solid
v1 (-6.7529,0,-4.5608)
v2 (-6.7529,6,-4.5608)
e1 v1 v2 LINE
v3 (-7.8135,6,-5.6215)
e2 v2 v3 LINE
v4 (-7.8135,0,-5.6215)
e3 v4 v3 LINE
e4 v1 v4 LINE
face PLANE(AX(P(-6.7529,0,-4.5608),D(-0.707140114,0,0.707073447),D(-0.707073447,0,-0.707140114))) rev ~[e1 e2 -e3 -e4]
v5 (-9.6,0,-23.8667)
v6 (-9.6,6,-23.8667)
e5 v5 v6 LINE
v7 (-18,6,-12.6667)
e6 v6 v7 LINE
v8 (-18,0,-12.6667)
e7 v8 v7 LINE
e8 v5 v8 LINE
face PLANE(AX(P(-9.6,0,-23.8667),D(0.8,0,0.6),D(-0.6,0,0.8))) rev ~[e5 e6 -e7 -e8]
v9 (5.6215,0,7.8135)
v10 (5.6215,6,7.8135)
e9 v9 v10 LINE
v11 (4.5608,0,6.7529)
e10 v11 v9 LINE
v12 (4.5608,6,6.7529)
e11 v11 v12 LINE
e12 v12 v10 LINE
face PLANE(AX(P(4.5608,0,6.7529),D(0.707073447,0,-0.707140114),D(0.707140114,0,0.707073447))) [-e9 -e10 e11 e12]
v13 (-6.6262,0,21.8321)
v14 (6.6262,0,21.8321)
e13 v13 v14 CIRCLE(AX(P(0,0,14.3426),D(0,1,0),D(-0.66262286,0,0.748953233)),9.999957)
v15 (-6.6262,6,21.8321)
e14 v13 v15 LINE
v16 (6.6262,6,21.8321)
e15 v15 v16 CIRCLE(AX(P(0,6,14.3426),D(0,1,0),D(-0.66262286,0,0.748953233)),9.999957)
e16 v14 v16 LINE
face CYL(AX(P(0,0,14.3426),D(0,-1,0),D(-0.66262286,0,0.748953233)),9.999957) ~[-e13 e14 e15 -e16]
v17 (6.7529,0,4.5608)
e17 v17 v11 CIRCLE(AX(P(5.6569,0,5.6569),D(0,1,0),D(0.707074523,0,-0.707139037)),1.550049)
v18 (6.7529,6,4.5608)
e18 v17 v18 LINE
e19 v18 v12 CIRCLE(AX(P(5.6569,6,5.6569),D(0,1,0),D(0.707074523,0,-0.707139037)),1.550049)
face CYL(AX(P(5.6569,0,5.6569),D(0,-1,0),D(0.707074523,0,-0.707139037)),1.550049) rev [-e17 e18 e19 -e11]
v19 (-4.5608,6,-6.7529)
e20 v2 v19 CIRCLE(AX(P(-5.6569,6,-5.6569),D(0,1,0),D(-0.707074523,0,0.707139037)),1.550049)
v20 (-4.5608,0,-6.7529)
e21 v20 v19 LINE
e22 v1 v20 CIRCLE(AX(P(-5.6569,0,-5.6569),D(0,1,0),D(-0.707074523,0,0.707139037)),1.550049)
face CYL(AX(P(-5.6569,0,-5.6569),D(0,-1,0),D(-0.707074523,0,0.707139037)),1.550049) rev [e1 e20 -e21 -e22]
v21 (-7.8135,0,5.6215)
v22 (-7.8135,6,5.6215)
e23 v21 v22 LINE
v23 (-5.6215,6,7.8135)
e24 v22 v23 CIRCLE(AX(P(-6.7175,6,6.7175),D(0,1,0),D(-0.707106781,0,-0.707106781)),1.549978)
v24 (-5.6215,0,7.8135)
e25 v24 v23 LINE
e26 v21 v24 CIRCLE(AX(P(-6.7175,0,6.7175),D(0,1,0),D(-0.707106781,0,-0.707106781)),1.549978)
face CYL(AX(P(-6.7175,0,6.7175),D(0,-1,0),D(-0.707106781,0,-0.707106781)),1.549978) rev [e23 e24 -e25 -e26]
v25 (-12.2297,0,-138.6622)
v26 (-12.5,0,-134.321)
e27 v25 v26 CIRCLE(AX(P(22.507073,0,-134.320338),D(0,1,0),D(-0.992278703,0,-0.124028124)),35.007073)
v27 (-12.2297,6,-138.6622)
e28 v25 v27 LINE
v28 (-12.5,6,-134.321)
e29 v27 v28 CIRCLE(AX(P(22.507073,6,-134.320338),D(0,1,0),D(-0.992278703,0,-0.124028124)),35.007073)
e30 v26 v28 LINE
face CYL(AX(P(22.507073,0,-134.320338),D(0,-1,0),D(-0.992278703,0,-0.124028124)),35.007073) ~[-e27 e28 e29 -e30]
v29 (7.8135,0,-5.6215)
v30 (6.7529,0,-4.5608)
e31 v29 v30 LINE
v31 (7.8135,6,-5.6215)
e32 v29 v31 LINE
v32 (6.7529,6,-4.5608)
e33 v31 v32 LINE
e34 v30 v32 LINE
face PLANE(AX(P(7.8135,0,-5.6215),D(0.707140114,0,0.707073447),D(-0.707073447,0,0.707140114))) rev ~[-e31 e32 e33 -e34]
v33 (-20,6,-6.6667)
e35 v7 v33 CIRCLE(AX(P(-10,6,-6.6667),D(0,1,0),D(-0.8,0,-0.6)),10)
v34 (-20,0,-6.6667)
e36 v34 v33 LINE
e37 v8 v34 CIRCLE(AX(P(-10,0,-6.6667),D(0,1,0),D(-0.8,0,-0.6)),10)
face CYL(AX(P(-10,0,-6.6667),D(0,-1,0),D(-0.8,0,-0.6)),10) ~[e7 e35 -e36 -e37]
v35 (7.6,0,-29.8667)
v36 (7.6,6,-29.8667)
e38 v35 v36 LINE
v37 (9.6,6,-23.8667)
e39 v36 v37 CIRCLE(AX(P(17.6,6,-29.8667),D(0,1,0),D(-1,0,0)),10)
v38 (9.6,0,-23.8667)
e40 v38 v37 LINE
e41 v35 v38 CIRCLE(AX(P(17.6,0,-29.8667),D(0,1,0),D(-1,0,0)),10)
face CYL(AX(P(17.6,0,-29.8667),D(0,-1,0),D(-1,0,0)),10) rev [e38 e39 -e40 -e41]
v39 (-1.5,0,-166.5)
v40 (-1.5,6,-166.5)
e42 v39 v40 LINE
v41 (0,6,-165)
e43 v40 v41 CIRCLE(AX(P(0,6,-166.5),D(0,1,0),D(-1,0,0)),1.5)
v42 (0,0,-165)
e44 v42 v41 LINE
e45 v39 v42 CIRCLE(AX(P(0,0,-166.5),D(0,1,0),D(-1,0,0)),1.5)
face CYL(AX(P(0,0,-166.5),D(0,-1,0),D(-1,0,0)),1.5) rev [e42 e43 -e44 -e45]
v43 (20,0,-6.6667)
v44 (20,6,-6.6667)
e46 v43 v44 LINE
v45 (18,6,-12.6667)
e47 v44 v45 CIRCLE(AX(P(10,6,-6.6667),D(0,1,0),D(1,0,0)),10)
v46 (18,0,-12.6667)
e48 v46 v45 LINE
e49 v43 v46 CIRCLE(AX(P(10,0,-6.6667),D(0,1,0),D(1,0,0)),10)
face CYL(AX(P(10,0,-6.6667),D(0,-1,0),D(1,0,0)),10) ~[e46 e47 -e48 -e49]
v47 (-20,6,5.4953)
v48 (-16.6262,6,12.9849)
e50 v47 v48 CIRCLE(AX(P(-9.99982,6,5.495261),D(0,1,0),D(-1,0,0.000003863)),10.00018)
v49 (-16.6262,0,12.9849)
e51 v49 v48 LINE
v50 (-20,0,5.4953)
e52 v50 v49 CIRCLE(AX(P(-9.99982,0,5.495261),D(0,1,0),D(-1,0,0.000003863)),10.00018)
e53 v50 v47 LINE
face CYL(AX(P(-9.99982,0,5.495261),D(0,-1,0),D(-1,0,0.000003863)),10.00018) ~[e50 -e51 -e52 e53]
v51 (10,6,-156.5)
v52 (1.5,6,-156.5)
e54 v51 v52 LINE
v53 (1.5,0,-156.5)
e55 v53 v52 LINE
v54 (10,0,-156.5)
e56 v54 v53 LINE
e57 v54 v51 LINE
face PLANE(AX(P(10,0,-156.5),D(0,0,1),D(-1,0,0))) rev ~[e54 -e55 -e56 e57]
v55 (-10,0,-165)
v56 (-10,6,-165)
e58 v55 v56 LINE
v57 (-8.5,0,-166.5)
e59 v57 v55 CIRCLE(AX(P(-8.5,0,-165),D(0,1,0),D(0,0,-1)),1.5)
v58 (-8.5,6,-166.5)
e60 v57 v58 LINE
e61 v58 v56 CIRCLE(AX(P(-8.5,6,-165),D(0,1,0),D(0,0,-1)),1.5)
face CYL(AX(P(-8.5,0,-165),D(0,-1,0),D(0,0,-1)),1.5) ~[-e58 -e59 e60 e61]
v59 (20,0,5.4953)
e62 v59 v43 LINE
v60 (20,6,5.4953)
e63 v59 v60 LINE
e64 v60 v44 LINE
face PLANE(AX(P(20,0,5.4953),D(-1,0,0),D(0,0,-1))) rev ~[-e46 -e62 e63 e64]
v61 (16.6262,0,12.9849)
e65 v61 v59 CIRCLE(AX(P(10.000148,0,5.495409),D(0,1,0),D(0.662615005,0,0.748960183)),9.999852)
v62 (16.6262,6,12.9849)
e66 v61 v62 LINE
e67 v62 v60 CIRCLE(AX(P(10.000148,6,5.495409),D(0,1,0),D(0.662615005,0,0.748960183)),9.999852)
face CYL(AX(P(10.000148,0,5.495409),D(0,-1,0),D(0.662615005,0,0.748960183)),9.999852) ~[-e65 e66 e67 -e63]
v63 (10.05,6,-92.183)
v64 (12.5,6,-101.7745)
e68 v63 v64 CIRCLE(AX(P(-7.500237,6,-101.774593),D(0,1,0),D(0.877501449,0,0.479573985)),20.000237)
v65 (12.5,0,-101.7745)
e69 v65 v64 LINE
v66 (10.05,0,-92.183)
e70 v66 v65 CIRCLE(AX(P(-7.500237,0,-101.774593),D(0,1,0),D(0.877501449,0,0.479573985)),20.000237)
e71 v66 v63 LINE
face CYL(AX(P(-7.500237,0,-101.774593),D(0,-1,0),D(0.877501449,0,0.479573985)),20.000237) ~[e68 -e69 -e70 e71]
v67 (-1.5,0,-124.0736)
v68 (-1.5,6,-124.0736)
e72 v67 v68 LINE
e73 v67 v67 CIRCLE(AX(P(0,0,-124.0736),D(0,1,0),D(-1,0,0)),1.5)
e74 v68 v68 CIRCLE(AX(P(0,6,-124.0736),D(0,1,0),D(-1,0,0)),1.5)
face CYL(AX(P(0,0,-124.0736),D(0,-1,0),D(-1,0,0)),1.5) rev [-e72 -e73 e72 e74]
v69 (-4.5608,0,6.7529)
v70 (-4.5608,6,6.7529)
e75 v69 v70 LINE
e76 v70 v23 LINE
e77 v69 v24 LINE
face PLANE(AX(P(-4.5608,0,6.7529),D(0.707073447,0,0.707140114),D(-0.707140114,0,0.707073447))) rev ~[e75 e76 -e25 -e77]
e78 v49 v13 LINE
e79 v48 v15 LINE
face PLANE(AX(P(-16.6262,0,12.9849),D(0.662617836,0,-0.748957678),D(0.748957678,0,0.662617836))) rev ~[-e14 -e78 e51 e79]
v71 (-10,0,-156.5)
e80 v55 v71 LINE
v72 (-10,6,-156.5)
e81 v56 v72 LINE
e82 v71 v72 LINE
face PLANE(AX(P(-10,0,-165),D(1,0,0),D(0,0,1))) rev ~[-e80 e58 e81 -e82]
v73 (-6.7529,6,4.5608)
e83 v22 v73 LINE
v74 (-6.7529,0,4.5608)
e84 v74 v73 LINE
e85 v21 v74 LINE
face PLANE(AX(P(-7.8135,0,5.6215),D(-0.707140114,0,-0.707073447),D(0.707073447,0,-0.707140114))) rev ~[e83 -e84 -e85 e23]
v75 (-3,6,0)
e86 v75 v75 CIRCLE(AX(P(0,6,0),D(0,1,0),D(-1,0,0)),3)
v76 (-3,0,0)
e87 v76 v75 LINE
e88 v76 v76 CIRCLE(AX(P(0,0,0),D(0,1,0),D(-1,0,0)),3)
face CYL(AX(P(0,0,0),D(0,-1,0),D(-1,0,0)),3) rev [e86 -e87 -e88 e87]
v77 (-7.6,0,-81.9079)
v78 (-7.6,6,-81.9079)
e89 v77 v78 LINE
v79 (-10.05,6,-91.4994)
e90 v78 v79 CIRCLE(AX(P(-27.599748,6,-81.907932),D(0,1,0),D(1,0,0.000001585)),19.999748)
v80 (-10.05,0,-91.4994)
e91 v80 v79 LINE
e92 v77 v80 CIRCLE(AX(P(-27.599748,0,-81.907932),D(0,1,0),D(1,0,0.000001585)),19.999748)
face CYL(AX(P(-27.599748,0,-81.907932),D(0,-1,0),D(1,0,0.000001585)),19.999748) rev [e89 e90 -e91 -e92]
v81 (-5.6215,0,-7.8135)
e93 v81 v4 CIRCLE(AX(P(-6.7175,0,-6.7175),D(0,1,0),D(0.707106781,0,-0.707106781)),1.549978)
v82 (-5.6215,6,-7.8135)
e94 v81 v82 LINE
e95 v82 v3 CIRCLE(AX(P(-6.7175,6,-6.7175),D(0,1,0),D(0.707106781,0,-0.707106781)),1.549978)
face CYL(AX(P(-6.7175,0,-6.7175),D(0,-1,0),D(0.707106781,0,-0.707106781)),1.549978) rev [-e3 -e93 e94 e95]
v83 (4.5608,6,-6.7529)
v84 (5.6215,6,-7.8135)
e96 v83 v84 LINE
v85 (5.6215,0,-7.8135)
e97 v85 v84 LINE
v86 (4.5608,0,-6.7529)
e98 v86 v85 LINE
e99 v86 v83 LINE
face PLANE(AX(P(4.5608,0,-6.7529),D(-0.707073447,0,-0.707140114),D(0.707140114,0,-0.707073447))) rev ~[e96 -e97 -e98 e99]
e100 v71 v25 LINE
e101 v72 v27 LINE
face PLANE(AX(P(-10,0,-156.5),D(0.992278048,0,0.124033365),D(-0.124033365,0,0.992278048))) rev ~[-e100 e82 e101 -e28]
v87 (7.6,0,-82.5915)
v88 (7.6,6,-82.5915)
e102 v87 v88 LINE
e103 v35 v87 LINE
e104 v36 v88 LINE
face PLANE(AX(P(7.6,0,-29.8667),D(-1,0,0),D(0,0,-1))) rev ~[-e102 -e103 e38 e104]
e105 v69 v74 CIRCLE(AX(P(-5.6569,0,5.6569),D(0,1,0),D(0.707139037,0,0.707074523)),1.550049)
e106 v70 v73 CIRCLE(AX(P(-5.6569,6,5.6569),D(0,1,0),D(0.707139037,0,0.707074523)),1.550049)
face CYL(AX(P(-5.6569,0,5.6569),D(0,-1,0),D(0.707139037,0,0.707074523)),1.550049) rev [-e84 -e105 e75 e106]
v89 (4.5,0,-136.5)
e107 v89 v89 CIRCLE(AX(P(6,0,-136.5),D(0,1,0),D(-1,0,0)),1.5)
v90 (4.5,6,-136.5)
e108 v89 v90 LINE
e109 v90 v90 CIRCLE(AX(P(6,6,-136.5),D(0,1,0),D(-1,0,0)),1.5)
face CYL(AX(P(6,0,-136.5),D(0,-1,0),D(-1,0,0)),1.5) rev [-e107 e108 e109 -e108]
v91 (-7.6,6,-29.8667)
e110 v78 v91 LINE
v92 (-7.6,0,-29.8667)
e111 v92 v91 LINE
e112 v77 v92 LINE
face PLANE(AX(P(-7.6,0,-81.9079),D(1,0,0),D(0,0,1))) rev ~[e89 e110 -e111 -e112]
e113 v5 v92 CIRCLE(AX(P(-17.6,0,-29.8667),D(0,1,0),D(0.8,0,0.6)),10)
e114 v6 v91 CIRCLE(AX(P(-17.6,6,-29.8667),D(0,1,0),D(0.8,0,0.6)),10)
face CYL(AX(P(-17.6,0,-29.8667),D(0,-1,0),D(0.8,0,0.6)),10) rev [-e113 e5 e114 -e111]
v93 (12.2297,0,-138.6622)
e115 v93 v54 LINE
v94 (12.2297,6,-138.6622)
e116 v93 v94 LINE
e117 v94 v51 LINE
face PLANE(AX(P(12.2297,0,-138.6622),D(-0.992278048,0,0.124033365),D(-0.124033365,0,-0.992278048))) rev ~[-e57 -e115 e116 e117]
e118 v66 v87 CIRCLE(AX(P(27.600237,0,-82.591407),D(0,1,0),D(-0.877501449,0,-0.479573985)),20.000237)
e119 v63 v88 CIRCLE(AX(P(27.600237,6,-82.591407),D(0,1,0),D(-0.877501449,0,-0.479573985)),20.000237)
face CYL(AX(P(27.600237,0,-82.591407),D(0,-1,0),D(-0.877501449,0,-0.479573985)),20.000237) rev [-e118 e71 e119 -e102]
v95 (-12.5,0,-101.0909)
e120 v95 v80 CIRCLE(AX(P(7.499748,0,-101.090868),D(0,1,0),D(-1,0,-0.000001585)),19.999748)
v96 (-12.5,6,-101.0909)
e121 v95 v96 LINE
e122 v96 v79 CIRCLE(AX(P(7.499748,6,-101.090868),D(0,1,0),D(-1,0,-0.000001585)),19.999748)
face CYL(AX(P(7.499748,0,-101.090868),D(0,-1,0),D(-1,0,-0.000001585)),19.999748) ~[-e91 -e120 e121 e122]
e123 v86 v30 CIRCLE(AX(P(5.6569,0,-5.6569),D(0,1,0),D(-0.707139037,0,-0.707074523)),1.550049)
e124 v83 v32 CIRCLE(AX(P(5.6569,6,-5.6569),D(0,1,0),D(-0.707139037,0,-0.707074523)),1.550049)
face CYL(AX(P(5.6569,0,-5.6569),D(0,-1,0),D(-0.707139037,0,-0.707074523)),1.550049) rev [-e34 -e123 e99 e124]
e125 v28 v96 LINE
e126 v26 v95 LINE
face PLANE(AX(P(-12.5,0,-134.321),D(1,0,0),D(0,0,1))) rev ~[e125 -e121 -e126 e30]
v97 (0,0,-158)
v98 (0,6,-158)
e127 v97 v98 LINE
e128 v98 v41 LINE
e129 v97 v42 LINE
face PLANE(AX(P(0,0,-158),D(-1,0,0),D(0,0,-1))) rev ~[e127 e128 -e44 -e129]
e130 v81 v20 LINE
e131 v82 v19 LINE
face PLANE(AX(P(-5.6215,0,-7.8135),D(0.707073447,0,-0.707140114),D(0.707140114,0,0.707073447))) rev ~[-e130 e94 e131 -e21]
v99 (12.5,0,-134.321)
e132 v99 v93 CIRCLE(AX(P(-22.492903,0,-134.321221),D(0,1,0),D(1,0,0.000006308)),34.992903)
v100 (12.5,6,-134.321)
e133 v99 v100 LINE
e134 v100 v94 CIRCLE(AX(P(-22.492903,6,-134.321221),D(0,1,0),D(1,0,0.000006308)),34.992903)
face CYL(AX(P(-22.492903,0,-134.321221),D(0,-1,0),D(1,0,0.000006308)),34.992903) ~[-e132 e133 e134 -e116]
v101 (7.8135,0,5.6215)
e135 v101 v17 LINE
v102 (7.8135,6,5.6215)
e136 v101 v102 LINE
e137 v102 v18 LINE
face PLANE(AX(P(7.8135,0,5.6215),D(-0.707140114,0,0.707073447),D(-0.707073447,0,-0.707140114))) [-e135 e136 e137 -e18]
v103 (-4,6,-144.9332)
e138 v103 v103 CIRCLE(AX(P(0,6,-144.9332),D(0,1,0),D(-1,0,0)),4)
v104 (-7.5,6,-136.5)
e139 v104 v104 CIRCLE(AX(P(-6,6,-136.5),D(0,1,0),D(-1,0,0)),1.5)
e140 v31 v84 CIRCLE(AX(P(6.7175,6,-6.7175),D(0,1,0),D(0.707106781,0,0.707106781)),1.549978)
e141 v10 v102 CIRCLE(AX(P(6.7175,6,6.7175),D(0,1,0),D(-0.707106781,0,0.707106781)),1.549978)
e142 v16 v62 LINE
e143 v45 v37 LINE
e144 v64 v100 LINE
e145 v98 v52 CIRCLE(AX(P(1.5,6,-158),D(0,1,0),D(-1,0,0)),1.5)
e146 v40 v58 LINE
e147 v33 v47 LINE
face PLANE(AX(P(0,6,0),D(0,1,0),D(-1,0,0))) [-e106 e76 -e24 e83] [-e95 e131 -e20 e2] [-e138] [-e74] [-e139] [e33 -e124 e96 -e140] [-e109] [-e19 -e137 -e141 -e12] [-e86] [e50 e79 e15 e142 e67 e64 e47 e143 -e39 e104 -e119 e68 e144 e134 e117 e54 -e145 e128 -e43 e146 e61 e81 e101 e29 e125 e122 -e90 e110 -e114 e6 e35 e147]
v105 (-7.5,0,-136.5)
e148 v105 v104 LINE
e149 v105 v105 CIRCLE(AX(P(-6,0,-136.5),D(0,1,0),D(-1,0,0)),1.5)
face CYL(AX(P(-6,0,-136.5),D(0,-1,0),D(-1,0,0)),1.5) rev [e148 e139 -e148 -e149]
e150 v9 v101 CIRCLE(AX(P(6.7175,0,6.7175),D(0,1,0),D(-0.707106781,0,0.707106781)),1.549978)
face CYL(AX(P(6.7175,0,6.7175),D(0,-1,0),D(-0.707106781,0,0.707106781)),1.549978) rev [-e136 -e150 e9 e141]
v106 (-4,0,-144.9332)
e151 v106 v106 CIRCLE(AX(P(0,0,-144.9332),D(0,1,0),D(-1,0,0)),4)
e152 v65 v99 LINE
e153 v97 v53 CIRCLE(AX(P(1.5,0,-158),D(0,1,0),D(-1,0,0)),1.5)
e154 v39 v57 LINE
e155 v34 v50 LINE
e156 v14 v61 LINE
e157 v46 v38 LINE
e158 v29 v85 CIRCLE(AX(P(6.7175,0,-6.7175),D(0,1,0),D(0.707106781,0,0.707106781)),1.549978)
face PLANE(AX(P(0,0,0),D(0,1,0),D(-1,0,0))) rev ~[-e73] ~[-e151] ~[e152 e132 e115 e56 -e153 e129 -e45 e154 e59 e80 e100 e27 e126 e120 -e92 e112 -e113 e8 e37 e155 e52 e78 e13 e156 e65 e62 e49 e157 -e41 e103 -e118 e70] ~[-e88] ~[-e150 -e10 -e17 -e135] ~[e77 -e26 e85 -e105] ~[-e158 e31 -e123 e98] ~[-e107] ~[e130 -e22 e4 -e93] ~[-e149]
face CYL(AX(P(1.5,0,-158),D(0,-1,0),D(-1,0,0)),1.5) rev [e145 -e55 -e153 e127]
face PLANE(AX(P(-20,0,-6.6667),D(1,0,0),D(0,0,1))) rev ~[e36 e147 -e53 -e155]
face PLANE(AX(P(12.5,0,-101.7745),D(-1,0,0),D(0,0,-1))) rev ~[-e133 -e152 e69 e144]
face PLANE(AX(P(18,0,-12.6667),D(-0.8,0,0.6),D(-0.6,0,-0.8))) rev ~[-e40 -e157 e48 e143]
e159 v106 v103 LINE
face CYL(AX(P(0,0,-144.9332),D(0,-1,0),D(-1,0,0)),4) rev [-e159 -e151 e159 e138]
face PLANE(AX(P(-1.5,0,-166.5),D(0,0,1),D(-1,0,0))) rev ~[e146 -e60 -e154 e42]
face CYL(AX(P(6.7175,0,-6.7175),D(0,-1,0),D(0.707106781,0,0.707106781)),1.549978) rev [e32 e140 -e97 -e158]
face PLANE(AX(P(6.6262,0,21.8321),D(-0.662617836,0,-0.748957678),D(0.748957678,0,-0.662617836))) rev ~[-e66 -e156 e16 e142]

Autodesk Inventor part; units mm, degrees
ref_plane "YZ Plane" through (0, 0, 0) normal (1, 0, 0) x (0, 1, 0)
ref_plane "XZ Plane" through (0, 0, 0) normal (0, 1, 0) x (-1, 0, 0)
ref_plane "XY Plane" through (0, 0, 0) normal (0, 0, 1) x (1, 0, 0)
sketch "Sketch1" plane through (0, 0, 0) normal (0, 1, 0) x (-1, 0, 0)
  line L0 (0, -158) -> (0, -165)
  arc A0 (1.5, -166.5) -> (0, -165) centre (0, -166.5) ccw
  line L1 (1.5, -166.5) -> (8.5, -166.5)
  arc A1 (8.5, -166.5) -> (10, -165) centre (8.5, -165) ccw
  line L2 (10, -165) -> (10, -156.5)
  line L3 (10, -156.5) -> (12.2297, -138.6622)
  arc A2 (12.2297, -138.6622) -> (12.5, -134.321) centre (-22.5, -134.321) ccw
  line L4 (12.5, -134.321) -> (12.5, -101.0909)
  arc A3 (12.5, -101.0909) -> (10.05, -91.4994) centre (-7.5, -101.0909) ccw
  arc A4 (7.6, -81.9079) -> (10.05, -91.4994) centre (27.6, -81.9079) ccw
  line L5 (7.6, -81.9079) -> (7.6, -29.8667)
  arc A5 (9.6, -23.8667) -> (7.6, -29.8667) centre (17.6, -29.8667) ccw
  line L6 (9.6, -23.8667) -> (18, -12.6667)
  arc A6 (18, -12.6667) -> (20, -6.6667) centre (10, -6.6667) ccw
  line L7 (20, -6.6667) -> (20, 5.4953)
  arc A7 (20, 5.4953) -> (16.6262, 12.9849) centre (10, 5.4953) ccw
  line L8 (16.6262, 12.9849) -> (6.6262, 21.8321)
  arc A8 (6.6262, 21.8321) -> (-6.6262, 21.8321) centre (0, 14.3426) ccw
  line L9 (-6.6262, 21.8321) -> (-16.6262, 12.9849)
  arc A9 (-16.6262, 12.9849) -> (-20, 5.4953) centre (-10, 5.4953) ccw
  line L10 (-20, 5.4953) -> (-20, -6.6667)
  arc A10 (-20, -6.6667) -> (-18, -12.6667) centre (-10, -6.6667) ccw
  line L11 (-18, -12.6667) -> (-9.6, -23.8667)
  arc A11 (-7.6, -29.8667) -> (-9.6, -23.8667) centre (-17.6, -29.8667) ccw
  line L12 (-7.6, -29.8667) -> (-7.6, -82.5915)
  arc A12 (-10.05, -92.183) -> (-7.6, -82.5915) centre (-27.6, -82.5915) ccw
  arc A13 (-10.05, -92.183) -> (-12.5, -101.7745) centre (7.5, -101.7745) ccw
  line L13 (-12.5, -101.7745) -> (-12.5, -134.321)
  arc A14 (-12.5, -134.321) -> (-12.2297, -138.6622) centre (22.5, -134.321) ccw
  line L14 (-12.2297, -138.6622) -> (-10, -156.5)
  line L15 (-10, -156.5) -> (-1.5, -156.5)
  arc A15 (0, -158) -> (-1.5, -156.5) centre (-1.5, -158) ccw
  arc A16 (-6.7529, 4.5608) -> (-4.5608, 6.7529) centre (-5.6569, 5.6569) ccw
  line L16 (-4.5608, 6.7529) -> (-5.6215, 7.8135)
  arc A17 (-5.6215, 7.8135) -> (-7.8135, 5.6215) centre (-6.7175, 6.7175) ccw
  line L17 (-7.8135, 5.6215) -> (-6.7529, 4.5608)
  line L18 (6.7529, -4.5608) -> (7.8135, -5.6215)
  arc A18 (5.6215, -7.8135) -> (7.8135, -5.6215) centre (6.7175, -6.7175) ccw
  line L19 (5.6215, -7.8135) -> (4.5608, -6.7529)
  arc A19 (6.7529, -4.5608) -> (4.5608, -6.7529) centre (5.6569, -5.6569) ccw
  line L20 (-7.8135, -5.6215) -> (-6.7529, -4.5608)
  arc A20 (-4.5608, -6.7529) -> (-6.7529, -4.5608) centre (-5.6569, -5.6569) ccw
  line L21 (-4.5608, -6.7529) -> (-5.6215, -7.8135)
  arc A21 (-7.8135, -5.6215) -> (-5.6215, -7.8135) centre (-6.7175, -6.7175) ccw
  line L22 (7.8135, 5.6215) -> (6.7529, 4.5608)
  arc A22 (4.5608, 6.7529) -> (6.7529, 4.5608) centre (5.6569, 5.6569) ccw
  line L23 (4.5608, 6.7529) -> (5.6215, 7.8135)
  arc A23 (7.8135, 5.6215) -> (5.6215, 7.8135) centre (6.7175, 6.7175) ccw
  circle A24 centre (0, 0) radius 3
  circle A25 centre (0, -124.0736) radius 1.5
  circle A26 centre (-6, -136.5) radius 1.5
  circle A27 centre (6, -136.5) radius 1.5
  circle A28 centre (0, -144.9332) radius 4
  point P0 (10, -165)
  point P1 (12.2297, -138.6622)
  point P2 (12.5, -101.0909)
  point P3 (10.05, -91.4994)
  point P4 (7.6, -81.9079)
  point P5 (7.6, -29.8667)
  point P6 (9.6, -23.8667)
  point P7 (20, -6.6667)
  point P8 (20, 5.4953)
  point P9 (16.6262, 12.9849)
  point P10 (6.6262, 21.8321)
  point P11 (-16.6262, 12.9849)
  point P12 (-20, 5.4953)
  point P13 (-9.6, -23.8667)
  point P14 (-10.05, -92.183)
  point P15 (-12.2297, -138.6622)
  point P16 (0, -158)
  point P17 (6.7529, -4.5608)
  point P18 (7.8135, -5.6215)
  point P19 (5.6215, -7.8135)
  point P20 (-7.8135, -5.6215)
  point P21 (-6.7529, -4.5608)
  point P22 (-4.5608, -6.7529)
  point P23 (-5.6215, -7.8135)
  point P24 (-5.6215, 7.8135)
  point P25 (-4.5608, 6.7529)
extrude "Extrusion1" add sketch "Sketch1" along normal blind 6
properties part number "TokerCNC froggy arm"
